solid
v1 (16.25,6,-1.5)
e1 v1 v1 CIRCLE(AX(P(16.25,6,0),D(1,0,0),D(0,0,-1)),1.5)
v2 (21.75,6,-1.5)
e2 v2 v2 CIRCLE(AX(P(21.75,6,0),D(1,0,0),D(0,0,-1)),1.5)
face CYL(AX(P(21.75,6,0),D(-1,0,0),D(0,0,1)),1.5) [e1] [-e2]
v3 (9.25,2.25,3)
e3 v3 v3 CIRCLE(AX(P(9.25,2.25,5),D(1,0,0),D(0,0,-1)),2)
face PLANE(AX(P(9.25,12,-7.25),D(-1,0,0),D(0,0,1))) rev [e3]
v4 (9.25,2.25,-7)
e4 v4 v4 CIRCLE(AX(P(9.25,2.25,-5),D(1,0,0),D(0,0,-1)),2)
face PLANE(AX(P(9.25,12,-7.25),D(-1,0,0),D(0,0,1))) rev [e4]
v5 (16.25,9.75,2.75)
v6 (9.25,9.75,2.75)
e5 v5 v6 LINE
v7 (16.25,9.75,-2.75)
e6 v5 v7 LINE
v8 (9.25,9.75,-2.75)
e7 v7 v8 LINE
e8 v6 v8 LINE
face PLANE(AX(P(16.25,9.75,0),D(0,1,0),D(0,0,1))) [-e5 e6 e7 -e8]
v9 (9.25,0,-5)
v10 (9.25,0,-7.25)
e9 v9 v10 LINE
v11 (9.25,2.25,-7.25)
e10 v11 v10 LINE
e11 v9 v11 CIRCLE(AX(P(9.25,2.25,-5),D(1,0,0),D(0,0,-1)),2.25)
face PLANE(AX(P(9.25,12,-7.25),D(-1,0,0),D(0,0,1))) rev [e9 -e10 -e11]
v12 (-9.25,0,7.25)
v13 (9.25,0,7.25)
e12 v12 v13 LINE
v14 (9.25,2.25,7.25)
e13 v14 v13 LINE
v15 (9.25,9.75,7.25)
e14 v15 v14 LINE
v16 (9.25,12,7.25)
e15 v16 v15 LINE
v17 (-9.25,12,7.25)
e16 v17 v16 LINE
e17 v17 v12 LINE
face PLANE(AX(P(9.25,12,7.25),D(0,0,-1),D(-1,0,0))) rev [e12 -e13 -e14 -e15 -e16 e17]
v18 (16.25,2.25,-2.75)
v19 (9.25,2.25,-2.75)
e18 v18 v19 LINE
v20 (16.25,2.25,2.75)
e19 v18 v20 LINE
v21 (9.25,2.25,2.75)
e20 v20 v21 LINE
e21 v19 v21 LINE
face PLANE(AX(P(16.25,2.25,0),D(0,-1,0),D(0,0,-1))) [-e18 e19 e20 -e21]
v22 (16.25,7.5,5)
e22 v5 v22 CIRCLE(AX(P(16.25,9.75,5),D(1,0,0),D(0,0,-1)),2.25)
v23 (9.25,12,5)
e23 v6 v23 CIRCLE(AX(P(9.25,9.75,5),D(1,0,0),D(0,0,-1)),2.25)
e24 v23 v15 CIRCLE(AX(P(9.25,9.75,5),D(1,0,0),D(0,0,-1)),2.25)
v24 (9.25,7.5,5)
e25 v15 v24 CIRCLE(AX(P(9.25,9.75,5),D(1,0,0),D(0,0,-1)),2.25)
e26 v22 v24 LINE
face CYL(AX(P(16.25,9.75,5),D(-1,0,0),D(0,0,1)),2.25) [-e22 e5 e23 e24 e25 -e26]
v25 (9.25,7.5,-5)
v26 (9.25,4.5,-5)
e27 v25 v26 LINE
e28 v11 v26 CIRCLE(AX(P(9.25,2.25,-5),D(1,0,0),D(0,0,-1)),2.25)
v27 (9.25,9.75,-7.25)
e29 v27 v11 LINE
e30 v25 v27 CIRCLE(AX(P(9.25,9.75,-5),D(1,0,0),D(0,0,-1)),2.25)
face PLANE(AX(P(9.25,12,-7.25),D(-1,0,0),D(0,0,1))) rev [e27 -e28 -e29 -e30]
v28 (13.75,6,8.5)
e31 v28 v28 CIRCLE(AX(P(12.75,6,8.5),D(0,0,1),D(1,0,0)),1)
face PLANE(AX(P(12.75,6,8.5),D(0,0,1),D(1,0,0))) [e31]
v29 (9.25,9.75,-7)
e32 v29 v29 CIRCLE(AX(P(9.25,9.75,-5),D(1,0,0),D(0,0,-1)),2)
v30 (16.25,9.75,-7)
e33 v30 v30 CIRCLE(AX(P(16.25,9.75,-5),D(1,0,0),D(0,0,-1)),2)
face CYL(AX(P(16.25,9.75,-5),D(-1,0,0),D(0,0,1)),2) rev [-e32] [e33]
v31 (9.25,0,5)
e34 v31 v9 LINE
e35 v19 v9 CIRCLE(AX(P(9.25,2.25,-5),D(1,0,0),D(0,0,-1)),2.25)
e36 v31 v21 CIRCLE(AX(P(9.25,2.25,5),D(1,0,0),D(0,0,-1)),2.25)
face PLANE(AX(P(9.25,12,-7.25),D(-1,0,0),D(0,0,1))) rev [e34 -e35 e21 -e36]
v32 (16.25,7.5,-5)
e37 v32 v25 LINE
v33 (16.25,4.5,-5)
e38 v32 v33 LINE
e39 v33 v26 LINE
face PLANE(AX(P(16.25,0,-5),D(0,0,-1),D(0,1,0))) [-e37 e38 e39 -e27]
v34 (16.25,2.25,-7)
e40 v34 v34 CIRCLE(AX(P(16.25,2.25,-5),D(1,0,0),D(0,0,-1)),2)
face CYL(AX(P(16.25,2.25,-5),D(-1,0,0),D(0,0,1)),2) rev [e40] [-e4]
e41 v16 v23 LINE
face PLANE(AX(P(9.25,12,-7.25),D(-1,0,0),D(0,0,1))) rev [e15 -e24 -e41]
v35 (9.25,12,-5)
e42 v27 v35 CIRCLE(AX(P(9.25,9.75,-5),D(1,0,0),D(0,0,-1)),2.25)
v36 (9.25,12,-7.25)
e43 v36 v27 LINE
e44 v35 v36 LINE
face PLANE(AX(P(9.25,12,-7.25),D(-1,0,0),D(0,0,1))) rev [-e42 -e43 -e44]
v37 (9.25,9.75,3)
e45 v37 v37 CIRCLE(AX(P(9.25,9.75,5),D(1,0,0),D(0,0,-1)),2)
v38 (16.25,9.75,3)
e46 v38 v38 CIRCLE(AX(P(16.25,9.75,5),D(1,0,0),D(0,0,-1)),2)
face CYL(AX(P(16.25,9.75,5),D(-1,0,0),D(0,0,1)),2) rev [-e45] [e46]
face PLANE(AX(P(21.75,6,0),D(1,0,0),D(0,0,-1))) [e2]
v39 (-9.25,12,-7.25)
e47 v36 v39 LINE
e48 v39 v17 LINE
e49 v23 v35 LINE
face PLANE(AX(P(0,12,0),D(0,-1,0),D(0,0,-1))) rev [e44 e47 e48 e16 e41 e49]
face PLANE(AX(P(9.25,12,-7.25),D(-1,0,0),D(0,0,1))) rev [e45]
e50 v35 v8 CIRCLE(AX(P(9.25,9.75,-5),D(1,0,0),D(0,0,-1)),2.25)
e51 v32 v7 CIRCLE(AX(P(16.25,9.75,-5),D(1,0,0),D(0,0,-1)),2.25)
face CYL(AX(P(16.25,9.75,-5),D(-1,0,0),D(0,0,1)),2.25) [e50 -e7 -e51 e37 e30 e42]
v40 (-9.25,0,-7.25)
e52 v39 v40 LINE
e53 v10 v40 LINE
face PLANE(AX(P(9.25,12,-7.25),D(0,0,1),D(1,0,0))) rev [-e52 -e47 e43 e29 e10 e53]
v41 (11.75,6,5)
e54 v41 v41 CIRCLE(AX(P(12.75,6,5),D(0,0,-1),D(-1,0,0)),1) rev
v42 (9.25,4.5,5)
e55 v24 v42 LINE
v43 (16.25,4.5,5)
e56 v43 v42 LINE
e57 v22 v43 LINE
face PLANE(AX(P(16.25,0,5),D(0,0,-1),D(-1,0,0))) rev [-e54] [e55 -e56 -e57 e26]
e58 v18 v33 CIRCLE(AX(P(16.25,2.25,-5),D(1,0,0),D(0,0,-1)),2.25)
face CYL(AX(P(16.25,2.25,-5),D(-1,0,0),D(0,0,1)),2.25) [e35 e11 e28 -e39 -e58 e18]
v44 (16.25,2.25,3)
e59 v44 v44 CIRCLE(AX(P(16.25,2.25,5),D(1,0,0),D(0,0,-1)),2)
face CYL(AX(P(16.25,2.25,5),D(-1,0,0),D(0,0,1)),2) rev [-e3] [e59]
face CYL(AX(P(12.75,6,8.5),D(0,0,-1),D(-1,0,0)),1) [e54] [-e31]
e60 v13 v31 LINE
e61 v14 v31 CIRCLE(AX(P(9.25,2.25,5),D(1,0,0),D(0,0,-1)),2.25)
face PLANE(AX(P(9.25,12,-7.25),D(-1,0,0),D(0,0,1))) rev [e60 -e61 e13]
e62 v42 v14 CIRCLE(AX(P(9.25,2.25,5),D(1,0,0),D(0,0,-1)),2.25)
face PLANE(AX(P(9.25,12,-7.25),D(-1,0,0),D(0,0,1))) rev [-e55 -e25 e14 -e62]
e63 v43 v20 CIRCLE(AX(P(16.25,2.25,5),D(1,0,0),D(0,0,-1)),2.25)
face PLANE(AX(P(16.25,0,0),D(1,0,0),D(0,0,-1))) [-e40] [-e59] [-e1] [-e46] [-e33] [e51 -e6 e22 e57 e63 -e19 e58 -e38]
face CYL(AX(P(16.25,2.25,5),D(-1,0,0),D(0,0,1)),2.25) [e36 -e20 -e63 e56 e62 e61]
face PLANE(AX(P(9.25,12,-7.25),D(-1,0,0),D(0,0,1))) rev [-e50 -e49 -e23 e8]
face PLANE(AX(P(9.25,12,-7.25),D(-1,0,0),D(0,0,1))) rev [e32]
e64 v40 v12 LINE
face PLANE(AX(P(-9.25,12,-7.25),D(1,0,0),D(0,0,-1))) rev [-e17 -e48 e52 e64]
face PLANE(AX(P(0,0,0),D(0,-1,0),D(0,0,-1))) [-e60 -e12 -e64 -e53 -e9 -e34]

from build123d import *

# Parameters (mm, degrees)
SKETCH_1_W      = 18.5
SKETCH_1_H      = 14.5
EXTRUDE_1_DEPTH = 12
SKETCH_2_R      = 2.25
SKETCH_2_R_2    = 2
EXTRUDE_2_DEPTH = 7
SKETCH_4_R      = 1.5
EXTRUDE_3_DEPTH = 5.5
SKETCH_6_R      = 1
EXTRUDE_4_DEPTH = 3.5


with BuildPart() as part:
    # 스케치1 → 보스-돌출1 (new body)
    with BuildSketch(Plane(origin=(0, 0, 0), x_dir=(1, 0, 0), z_dir=(0, 1, 0))):
        Rectangle(SKETCH_1_W, SKETCH_1_H)
    extrude(amount=EXTRUDE_1_DEPTH)

    # 스케치2 → 보스-돌출2 (add)
    # profile 1 of 5: a face of its own
    with BuildSketch(Plane(origin=(9.25, 0, 0), x_dir=(0, 0, -1), z_dir=(1, 0, 0))):
        with Locations((-5, 9.75)):
            Circle(SKETCH_2_R)
        with Locations((-5, 9.75)):
            Circle(SKETCH_2_R_2, mode=Mode.SUBTRACT)
    # profile 2 of 5: a face of its own
    with BuildSketch(Plane(origin=(9.25, 0, 0), x_dir=(0, 0, -1), z_dir=(1, 0, 0))):
        with BuildLine():
            Line((2.75, 9.75), (-2.75, 9.75))
            ThreePointArc((-2.75, 9.75), (-3.409009742, 8.159009742), (-5, 7.5))
            Line((-5, 7.5), (-5, 4.5))
            ThreePointArc((-5, 4.5), (-3.409009742, 3.840990258), (-2.75, 2.25))
            Line((-2.75, 2.25), (2.75, 2.25))
            ThreePointArc((2.75, 2.25), (3.409009742, 3.840990258), (5, 4.5))
            Line((5, 4.5), (5, 7.5))
            ThreePointArc((5, 7.5), (3.409009742, 8.159009742), (2.75, 9.75))
        make_face()
    # profile 3 of 5: a face of its own
    with BuildSketch(Plane(origin=(9.25, 0, 0), x_dir=(0, 0, -1), z_dir=(1, 0, 0))):
        with Locations((5, 9.75)):
            Circle(SKETCH_2_R)
        with Locations((5, 9.75)):
            Circle(SKETCH_2_R_2, mode=Mode.SUBTRACT)
    # profile 4 of 5: a face of its own
    with BuildSketch(Plane(origin=(9.25, 0, 0), x_dir=(0, 0, -1), z_dir=(1, 0, 0))):
        with Locations((5, 2.25)):
            Circle(SKETCH_2_R)
        with Locations((5, 2.25)):
            Circle(SKETCH_2_R_2, mode=Mode.SUBTRACT)
    # profile 5 of 5: a face of its own
    with BuildSketch(Plane(origin=(9.25, 0, 0), x_dir=(0, 0, -1), z_dir=(1, 0, 0))):
        with Locations((-5, 2.25)):
            Circle(SKETCH_2_R)
        with Locations((-5, 2.25)):
            Circle(SKETCH_2_R_2, mode=Mode.SUBTRACT)
    extrude(amount=EXTRUDE_2_DEPTH)

    # 스케치4 → 보스-돌출3 (add)
    with BuildSketch(Plane(origin=(16.25, 0, 0), x_dir=(0, 0, -1), z_dir=(1, 0, 0))):
        with Locations((0, 6)):
            Circle(SKETCH_4_R)
    extrude(amount=EXTRUDE_3_DEPTH)

    # 스케치6 → 보스-돌출4 (add)
    with BuildSketch(Plane.XY.offset(5)):
        with Locations(Location((12.75, 6, 0), (0, 0, 180))):
            Circle(SKETCH_6_R)
    extrude(amount=EXTRUDE_4_DEPTH)


solid = part.part
